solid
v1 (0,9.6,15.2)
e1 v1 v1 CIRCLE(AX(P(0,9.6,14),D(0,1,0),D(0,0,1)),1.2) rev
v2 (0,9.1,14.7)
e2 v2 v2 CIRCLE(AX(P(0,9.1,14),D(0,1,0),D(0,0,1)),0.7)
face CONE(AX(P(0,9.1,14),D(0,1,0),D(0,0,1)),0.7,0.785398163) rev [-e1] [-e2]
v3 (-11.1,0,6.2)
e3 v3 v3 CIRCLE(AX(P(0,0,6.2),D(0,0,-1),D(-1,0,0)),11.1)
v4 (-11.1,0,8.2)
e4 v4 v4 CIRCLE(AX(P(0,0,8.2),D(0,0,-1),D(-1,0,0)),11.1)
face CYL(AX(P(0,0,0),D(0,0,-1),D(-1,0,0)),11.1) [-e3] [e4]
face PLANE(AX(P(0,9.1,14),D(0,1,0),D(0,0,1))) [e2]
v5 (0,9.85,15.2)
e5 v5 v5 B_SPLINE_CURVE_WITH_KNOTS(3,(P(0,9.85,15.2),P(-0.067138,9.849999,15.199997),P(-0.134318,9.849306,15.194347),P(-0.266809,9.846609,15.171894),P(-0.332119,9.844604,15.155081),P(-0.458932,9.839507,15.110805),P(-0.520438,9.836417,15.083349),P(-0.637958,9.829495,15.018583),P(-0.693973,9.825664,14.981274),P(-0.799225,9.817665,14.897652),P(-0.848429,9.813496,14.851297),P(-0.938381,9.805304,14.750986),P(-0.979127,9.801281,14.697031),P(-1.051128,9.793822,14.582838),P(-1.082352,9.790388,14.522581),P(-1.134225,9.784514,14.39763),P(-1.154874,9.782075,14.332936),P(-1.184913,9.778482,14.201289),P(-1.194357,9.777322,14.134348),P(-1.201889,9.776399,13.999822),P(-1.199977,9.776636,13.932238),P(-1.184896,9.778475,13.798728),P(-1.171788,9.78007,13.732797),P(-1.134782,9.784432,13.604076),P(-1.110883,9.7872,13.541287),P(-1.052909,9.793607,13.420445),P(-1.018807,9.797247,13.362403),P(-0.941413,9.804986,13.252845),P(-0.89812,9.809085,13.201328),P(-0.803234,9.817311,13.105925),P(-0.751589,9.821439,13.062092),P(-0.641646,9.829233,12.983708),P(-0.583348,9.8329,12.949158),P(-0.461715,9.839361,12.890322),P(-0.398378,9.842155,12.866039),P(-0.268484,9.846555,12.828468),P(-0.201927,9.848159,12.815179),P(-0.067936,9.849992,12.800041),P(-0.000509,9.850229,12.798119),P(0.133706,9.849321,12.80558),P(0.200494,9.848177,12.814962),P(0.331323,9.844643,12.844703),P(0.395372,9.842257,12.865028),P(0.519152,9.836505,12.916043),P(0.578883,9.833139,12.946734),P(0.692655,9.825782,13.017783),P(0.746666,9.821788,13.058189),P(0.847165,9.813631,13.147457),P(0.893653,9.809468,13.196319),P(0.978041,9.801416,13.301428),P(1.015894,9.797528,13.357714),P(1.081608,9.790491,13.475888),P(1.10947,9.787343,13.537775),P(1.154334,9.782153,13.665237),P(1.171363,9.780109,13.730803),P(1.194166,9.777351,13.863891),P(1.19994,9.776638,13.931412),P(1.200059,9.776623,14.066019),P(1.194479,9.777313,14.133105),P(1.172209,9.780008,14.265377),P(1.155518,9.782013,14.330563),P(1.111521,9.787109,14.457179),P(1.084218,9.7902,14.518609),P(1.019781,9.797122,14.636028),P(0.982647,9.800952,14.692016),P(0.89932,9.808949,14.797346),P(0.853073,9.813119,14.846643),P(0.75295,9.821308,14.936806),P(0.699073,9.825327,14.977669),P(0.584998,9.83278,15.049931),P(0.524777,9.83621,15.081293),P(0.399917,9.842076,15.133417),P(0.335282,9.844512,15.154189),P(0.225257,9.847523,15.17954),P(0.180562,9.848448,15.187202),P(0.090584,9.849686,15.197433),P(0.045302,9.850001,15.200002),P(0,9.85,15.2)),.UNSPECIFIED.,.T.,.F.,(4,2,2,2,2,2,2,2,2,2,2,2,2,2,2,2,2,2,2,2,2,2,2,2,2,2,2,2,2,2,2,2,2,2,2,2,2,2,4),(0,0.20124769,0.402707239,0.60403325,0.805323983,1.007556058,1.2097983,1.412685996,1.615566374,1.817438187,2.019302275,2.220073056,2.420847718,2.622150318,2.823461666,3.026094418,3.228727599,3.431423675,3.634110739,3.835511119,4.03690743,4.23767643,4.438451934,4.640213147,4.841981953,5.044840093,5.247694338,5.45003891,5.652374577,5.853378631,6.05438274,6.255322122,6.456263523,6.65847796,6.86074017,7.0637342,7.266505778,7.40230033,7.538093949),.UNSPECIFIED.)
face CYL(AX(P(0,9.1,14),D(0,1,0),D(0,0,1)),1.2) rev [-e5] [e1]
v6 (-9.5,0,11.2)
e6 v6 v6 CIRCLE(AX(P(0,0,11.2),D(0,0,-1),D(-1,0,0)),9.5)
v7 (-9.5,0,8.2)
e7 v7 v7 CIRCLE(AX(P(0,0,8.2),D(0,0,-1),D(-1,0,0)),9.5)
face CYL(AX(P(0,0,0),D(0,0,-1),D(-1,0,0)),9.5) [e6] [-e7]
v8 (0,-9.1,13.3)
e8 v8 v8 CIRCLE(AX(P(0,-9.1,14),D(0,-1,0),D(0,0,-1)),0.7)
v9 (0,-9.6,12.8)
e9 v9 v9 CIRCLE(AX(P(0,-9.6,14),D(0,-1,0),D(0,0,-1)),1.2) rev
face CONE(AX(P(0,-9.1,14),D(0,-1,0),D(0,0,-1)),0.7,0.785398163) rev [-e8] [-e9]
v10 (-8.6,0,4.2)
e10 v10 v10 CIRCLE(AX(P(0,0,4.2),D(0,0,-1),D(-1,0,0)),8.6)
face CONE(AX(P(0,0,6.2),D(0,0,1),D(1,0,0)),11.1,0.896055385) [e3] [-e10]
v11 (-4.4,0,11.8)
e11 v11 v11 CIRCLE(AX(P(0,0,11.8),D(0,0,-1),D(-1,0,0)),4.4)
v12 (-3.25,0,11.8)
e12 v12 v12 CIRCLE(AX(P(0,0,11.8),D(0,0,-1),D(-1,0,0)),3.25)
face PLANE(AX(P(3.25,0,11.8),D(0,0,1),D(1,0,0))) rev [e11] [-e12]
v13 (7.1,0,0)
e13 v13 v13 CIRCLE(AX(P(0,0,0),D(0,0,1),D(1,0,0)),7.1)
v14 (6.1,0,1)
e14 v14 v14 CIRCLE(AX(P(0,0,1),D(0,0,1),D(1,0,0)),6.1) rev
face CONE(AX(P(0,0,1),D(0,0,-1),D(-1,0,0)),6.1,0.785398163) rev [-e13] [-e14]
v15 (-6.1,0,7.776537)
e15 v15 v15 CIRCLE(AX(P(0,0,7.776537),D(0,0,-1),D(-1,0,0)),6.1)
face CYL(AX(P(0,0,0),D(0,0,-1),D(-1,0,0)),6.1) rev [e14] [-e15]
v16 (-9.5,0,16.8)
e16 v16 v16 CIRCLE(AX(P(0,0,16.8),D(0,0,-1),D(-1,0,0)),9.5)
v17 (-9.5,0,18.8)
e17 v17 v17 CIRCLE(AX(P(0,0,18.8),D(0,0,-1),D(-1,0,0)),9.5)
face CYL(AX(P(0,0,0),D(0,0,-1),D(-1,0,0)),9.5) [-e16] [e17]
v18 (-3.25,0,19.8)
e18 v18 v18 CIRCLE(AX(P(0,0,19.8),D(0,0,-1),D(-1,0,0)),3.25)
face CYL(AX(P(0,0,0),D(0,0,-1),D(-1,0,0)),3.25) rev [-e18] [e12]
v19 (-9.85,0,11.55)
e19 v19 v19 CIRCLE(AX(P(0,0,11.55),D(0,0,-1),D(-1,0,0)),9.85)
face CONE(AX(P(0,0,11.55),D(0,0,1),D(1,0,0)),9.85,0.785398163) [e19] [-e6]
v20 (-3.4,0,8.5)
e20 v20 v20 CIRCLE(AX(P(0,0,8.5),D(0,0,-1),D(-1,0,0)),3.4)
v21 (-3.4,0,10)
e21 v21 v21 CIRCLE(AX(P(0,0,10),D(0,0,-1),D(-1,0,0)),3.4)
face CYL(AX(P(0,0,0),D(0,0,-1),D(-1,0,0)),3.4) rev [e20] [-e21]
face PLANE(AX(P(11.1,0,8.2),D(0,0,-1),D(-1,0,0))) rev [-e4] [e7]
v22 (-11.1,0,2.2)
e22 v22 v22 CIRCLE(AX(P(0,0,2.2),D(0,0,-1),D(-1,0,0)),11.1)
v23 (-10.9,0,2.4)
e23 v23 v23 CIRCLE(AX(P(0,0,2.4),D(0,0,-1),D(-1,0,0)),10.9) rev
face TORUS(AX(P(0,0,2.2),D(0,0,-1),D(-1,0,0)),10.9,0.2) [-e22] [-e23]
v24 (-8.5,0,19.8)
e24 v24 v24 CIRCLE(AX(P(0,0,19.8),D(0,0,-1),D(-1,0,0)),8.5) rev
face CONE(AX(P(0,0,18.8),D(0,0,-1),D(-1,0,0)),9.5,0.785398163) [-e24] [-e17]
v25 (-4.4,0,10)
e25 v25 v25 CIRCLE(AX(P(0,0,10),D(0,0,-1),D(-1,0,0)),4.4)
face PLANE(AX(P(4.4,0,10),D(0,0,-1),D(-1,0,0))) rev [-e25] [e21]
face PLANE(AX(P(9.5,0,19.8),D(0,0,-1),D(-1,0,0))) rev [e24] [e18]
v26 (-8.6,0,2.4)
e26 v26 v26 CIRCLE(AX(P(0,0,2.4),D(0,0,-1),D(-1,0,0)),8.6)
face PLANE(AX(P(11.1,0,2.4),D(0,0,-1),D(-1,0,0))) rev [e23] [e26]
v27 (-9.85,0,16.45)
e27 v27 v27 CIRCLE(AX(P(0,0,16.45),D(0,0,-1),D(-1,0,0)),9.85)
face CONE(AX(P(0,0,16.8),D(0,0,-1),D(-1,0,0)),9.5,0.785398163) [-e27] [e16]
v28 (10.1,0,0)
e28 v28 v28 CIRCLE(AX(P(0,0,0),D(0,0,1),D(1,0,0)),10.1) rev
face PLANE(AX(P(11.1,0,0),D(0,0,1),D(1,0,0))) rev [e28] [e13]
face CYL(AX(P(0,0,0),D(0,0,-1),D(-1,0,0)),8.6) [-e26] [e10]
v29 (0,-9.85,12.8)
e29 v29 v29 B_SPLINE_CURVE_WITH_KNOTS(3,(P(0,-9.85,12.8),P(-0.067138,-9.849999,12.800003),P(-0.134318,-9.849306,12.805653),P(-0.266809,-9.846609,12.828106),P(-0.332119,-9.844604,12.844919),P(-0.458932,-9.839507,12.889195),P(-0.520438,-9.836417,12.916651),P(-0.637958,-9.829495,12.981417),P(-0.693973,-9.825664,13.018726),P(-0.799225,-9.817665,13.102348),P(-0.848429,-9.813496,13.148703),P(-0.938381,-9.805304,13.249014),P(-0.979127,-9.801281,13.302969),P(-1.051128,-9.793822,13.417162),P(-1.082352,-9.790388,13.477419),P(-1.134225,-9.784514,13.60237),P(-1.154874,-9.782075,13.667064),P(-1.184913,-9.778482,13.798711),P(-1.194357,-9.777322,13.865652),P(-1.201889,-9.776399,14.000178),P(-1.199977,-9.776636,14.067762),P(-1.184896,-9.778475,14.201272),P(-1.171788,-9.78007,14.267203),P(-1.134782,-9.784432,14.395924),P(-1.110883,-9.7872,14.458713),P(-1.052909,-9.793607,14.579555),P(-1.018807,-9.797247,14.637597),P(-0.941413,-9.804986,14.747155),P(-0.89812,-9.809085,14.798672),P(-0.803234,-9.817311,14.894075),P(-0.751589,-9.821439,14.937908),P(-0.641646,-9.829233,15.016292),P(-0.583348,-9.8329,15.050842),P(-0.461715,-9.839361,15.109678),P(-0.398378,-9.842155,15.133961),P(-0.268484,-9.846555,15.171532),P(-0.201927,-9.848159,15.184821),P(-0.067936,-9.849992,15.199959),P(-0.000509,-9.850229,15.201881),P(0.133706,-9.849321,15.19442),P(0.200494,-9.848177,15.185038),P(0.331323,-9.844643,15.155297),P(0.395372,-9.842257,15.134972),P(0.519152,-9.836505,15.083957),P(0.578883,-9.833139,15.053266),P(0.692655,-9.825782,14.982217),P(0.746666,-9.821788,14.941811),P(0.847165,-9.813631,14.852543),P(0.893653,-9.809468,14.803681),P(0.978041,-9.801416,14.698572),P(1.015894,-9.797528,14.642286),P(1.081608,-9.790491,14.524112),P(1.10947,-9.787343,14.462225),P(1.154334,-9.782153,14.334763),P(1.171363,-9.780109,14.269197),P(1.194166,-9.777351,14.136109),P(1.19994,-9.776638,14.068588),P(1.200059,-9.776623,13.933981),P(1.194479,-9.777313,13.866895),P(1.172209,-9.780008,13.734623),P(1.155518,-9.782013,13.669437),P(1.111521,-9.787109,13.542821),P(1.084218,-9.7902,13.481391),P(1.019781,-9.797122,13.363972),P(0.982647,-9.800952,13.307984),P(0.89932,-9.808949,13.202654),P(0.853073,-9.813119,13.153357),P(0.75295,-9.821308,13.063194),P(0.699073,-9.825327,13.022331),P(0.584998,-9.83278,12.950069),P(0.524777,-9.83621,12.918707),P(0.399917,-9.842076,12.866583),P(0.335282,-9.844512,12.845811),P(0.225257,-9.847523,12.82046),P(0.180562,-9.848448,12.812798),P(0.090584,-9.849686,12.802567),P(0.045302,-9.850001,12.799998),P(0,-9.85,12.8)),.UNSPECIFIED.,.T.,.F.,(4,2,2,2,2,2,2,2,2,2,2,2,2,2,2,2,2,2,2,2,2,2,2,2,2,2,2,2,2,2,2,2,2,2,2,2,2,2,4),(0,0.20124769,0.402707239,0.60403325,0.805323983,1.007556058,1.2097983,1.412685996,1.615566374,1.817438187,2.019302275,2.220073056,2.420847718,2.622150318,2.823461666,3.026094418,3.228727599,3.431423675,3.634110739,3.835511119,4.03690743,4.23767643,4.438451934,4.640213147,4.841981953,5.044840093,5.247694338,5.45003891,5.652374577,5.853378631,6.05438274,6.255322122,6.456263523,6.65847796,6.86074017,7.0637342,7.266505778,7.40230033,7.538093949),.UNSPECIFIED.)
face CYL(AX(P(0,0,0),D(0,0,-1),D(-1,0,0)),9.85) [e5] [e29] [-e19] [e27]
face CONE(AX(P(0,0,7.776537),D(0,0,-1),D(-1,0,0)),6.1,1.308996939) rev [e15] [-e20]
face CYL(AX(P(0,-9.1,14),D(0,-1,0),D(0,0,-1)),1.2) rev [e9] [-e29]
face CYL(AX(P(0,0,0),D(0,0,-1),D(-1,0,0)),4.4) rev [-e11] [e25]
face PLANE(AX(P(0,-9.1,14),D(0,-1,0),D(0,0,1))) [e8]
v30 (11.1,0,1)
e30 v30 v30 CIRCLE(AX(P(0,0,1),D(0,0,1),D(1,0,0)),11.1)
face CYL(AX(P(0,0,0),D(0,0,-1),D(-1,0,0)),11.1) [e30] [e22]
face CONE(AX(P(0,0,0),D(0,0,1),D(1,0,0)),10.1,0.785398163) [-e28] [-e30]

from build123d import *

# Parameters (mm, degrees)
CHAMFER_1_SIZE                       = 1
CHAMFER_2_SIZE                       = 1
FILLET_1_R                           = 0.2
SKETCH_5_R                           = 1.2
CUT_EXTRUDE_2_DEPTH                  = 2
CHAMFER_3_SIZE                       = 0.5
PATTERN_CIRCULAR_1_COUNT             = 2
CHAMFER_3_OF_PATTERN_CIRCULAR_1_SIZE = 0.5


with BuildPart() as part:
    # 스케치3 → 회전2 (revolve)
    with BuildSketch(Plane(origin=(0, 0, 0), x_dir=(1, 0, 0), z_dir=(0, 1, 0)), mode=Mode.PRIVATE) as revolve_2_sk:
        Polygon((11.1, 0), (11.1, -2.4), (8.6, -2.4), (8.6, -4.2), (11.1, -6.2), (11.1, -8.2), (9.5, -8.2), (9.5, -11.2), (9.85, -11.55), (9.85, -16.45), (9.5, -16.8), (9.5, -19.8), (3.25, -19.8), (3.25, -11.8), (4.4, -11.8), (4.4, -10), (3.4, -10), (3.4, -8.5), (6.1, -7.77653718), (6.1, 0), align=None)
    revolve(revolve_2_sk.sketch.rotate(Axis((0, 0, 0), (0, 0, 1)), 180), axis=Axis((0, 0, 0), (0, 0, 1)))

    # 모따기1
    chamfer_1_edges = [part.edges().sort_by_distance(p)[0] for p in [
        (9.5, 0, 19.8),
        (6.1, 0, 0),
    ]]
    chamfer(chamfer_1_edges, length=CHAMFER_1_SIZE)

    # 모따기2
    chamfer_2_edges = [part.edges().sort_by_distance(p)[0] for p in [
        (11.1, 0, 0),
    ]]
    chamfer(chamfer_2_edges, length=CHAMFER_2_SIZE)

    # 필렛1
    fillet_1_edges = [part.edges().sort_by_distance(p)[0] for p in [
        (11.1, 0, 2.4),
    ]]
    fillet(fillet_1_edges, radius=FILLET_1_R)

    # 스케치5 → 컷-돌출2 (cut)
    with BuildSketch(Plane(origin=(0, 11.1, 0), x_dir=(1, 0, 0), z_dir=(0, 1, 0))):
        with Locations(Location((0, -14, 0), (0, 0, 270))):
            Circle(SKETCH_5_R)
    cut_extrude_2 = extrude(amount=-CUT_EXTRUDE_2_DEPTH, mode=Mode.SUBTRACT)

    # 모따기3
    chamfer_3_edges = [part.edges().sort_by_distance(p)[0] for p in [
        (0, 9.1, 12.8),
    ]]
    chamfer(chamfer_3_edges, length=CHAMFER_3_SIZE)

    # 원형 패턴1: 컷-돌출2 ×2 about axis
    pattern_circular_1_axis = Axis((0, 0, 0), (0, 0, -1))
    for i in range(1, PATTERN_CIRCULAR_1_COUNT):
        add(cut_extrude_2.rotate(pattern_circular_1_axis, i * 360 / PATTERN_CIRCULAR_1_COUNT), mode=Mode.SUBTRACT)

    # 모따기3 of 원형 패턴1
    chamfer_3_of_pattern_circular_1_edges = [part.edges().sort_by_distance(p)[0] for p in [
        (0, -9.1, 12.8),
    ]]
    chamfer(chamfer_3_of_pattern_circular_1_edges, length=CHAMFER_3_OF_PATTERN_CIRCULAR_1_SIZE)


solid = part.part
